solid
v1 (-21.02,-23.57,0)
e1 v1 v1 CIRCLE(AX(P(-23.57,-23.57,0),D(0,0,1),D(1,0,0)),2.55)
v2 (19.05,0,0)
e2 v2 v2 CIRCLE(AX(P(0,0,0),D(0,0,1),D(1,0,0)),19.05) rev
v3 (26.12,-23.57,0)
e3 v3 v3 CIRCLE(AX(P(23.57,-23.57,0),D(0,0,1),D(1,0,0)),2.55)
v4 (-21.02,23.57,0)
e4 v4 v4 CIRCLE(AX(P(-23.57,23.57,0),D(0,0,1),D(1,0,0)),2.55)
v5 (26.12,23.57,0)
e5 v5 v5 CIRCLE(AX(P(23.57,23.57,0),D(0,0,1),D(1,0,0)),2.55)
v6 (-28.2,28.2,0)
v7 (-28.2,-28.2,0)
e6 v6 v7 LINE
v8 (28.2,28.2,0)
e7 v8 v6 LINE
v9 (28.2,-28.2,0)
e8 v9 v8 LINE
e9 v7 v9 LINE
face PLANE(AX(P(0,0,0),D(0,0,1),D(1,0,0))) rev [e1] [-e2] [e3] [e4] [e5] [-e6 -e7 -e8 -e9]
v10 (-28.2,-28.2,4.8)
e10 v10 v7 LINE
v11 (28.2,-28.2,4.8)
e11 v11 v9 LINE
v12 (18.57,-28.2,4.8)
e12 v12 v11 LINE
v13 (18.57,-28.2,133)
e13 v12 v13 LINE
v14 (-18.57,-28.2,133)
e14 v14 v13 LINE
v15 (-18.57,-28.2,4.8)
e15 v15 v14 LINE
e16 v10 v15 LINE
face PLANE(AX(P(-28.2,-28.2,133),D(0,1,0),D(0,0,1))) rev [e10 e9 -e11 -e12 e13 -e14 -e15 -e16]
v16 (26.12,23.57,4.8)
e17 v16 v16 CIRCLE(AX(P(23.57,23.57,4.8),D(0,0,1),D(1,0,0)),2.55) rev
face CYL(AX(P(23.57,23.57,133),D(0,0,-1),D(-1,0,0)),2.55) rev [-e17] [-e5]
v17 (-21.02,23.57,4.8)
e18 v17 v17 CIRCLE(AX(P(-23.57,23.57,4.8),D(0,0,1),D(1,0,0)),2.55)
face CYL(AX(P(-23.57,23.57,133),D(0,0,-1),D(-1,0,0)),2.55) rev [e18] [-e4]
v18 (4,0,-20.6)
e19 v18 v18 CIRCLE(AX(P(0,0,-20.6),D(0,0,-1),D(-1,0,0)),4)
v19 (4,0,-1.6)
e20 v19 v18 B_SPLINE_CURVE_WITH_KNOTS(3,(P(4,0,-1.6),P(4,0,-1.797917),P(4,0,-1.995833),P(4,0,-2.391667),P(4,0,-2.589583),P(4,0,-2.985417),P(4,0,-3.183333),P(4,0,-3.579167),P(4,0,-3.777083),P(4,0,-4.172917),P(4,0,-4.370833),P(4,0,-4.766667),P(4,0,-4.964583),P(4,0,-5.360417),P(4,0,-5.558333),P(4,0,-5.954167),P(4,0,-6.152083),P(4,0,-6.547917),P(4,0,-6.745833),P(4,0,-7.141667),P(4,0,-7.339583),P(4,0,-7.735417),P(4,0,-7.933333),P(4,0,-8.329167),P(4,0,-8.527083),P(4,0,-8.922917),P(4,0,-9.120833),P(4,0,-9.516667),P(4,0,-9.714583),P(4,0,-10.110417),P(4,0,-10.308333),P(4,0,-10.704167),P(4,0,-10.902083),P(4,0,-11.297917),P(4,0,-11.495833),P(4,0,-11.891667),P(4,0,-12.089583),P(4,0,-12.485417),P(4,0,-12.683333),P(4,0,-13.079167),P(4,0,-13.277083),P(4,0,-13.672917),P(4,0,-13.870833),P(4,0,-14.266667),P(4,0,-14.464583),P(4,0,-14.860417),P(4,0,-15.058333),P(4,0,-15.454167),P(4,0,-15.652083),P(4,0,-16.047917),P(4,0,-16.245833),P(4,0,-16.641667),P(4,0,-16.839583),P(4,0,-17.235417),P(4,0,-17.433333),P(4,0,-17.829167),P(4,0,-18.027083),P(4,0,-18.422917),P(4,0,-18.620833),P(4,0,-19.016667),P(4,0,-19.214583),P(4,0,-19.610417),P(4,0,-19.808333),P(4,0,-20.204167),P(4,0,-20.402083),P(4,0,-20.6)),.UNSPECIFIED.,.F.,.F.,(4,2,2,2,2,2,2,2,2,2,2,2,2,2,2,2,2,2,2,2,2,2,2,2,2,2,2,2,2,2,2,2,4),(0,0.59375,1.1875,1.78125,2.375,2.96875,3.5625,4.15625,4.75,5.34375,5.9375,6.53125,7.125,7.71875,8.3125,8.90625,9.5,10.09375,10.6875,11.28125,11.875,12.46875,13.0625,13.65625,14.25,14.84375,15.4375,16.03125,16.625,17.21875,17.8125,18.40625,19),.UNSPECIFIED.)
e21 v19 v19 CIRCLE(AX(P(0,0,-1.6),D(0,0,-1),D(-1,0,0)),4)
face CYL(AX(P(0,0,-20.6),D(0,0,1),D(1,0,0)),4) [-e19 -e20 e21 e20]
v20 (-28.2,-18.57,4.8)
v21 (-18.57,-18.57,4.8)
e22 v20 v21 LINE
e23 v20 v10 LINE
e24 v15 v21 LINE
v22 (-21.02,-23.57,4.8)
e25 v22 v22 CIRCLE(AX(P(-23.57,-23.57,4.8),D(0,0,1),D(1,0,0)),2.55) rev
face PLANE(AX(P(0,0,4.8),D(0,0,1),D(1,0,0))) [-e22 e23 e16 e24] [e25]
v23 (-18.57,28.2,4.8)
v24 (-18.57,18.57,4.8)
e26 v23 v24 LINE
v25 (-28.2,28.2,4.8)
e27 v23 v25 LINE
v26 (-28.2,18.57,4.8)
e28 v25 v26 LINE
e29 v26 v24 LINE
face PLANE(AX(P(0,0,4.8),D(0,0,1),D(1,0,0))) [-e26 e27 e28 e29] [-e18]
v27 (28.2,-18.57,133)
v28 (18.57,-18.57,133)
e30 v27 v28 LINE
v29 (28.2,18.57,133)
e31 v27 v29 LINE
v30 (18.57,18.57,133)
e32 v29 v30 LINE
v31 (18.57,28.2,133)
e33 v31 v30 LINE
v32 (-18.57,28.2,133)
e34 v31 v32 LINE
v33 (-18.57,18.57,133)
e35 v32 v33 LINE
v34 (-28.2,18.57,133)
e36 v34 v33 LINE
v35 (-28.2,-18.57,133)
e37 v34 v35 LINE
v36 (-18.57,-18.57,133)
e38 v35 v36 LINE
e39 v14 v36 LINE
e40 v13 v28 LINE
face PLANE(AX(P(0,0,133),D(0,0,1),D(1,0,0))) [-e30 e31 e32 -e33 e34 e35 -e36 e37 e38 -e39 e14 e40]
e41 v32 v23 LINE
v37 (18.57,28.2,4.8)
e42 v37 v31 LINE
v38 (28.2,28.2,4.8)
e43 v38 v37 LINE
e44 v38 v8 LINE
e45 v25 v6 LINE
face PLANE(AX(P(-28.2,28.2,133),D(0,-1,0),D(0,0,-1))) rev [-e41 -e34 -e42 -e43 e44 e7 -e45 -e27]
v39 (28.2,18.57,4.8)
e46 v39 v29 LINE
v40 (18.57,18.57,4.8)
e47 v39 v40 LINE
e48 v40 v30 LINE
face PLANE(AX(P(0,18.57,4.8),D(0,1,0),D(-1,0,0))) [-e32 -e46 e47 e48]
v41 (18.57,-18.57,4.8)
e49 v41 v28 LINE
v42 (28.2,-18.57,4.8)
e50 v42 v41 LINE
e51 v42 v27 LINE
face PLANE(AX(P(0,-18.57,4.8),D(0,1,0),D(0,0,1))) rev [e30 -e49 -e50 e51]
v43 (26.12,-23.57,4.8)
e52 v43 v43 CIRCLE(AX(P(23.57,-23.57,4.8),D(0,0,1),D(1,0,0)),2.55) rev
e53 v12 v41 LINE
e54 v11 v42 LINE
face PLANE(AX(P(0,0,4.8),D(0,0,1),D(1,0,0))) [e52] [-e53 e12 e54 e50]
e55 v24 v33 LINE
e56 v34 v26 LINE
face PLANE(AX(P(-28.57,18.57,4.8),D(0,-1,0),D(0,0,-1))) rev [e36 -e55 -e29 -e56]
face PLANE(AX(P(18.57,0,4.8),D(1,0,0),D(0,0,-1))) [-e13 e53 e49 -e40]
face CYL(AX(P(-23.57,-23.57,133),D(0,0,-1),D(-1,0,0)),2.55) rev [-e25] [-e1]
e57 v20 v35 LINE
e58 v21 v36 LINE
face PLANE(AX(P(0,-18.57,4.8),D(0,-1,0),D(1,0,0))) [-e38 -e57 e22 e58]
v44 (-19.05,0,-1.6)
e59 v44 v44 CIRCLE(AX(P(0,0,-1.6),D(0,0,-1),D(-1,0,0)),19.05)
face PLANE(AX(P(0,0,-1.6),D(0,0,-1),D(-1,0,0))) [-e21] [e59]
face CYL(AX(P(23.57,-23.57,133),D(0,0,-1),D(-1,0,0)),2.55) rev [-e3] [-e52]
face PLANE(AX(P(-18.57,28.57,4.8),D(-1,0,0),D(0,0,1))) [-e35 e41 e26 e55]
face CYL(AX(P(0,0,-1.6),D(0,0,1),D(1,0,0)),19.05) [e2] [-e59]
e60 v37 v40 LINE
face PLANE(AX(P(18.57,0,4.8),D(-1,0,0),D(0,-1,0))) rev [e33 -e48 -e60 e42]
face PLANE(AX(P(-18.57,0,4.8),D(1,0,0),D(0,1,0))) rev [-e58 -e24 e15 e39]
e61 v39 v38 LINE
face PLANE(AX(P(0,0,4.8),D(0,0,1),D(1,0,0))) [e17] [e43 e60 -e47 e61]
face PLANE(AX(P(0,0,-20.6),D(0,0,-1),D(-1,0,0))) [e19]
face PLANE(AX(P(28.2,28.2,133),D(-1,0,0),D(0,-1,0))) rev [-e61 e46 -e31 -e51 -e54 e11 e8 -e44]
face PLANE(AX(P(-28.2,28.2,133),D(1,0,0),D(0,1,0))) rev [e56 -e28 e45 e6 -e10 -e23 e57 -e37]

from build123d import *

# Parameters (mm, degrees)
SKETCH_1_W          = 56.4
SKETCH_1_H          = 56.4
SKETCH_1_R          = 2.55
EXTRUDE_1_DEPTH     = 133
CUT_EXTRUDE_START   = -128.2
SKETCH_2_W          = 9.63
SKETCH_2_H          = 9.63
SKETCH_2_R          = 2.55
SKETCH_2_W_2        = 10
SKETCH_2_H_2        = 10
CUT_EXTRUDE_1_DEPTH = 128.2
SKETCH_3_R          = 4
EXTRUDE_2_DEPTH     = 20.6
SKETCH_4_R          = 19.05
EXTRUDE_3_DEPTH     = 1.6


with BuildPart() as part:
    # 草图1 → 凸台-拉伸1 (new body)
    with BuildSketch(Plane.XY):
        Rectangle(SKETCH_1_W, SKETCH_1_H)
        with Locations((23.57, 23.57)):
            Circle(SKETCH_1_R, mode=Mode.SUBTRACT)
        with Locations((23.57, -23.57)):
            Circle(SKETCH_1_R, mode=Mode.SUBTRACT)
        with Locations((-23.57, -23.57)):
            Circle(SKETCH_1_R, mode=Mode.SUBTRACT)
        with Locations((-23.57, 23.57)):
            Circle(SKETCH_1_R, mode=Mode.SUBTRACT)
    extrude(amount=EXTRUDE_1_DEPTH)

    # 草图2 → 切除-拉伸1 (cut)
    # profile 1 of 4: a face of its own
    with BuildSketch(Plane.XY.offset(133).offset(CUT_EXTRUDE_START)):
        with Locations((-23.385, -23.385)):
            Rectangle(SKETCH_2_W, SKETCH_2_H)
        with Locations((-23.57, -23.57)):
            Circle(SKETCH_2_R, mode=Mode.SUBTRACT)
    # profile 2 of 4: a face of its own
    with BuildSketch(Plane.XY.offset(133).offset(CUT_EXTRUDE_START)):
        with Locations((23.385, -23.385)):
            Rectangle(SKETCH_2_W, SKETCH_2_H)
        with Locations((23.57, -23.57)):
            Circle(SKETCH_2_R, mode=Mode.SUBTRACT)
    # profile 3 of 4: a face of its own
    with BuildSketch(Plane.XY.offset(133).offset(CUT_EXTRUDE_START)):
        with Locations((23.385, 23.385)):
            Rectangle(SKETCH_2_W, SKETCH_2_H)
        with Locations((23.57, 23.57)):
            Circle(SKETCH_2_R, mode=Mode.SUBTRACT)
    # profile 4 of 4: a face of its own
    with BuildSketch(Plane.XY.offset(133).offset(CUT_EXTRUDE_START)):
        with Locations((-23.57, 23.57)):
            Rectangle(SKETCH_2_W_2, SKETCH_2_H_2)
    extrude(amount=CUT_EXTRUDE_1_DEPTH, mode=Mode.SUBTRACT)

    # 草图3 → 凸台-拉伸2 (add)
    with BuildSketch(Plane(origin=(0, 0, 0), x_dir=(-1, 0, 0), z_dir=(0, 0, -1))):
        with Locations(Location((0, 0, 0), (0, 0, 180))):
            Circle(SKETCH_3_R)
    extrude(amount=EXTRUDE_2_DEPTH)

    # 草图4 → 凸台-拉伸3 (add)
    with BuildSketch(Plane(origin=(0, 0, 0), x_dir=(-1, 0, 0), z_dir=(0, 0, -1))):
        with Locations(Location((0, 0, 0), (0, 0, 180))):
            Circle(SKETCH_4_R)
    extrude(amount=EXTRUDE_3_DEPTH)


solid = part.part
